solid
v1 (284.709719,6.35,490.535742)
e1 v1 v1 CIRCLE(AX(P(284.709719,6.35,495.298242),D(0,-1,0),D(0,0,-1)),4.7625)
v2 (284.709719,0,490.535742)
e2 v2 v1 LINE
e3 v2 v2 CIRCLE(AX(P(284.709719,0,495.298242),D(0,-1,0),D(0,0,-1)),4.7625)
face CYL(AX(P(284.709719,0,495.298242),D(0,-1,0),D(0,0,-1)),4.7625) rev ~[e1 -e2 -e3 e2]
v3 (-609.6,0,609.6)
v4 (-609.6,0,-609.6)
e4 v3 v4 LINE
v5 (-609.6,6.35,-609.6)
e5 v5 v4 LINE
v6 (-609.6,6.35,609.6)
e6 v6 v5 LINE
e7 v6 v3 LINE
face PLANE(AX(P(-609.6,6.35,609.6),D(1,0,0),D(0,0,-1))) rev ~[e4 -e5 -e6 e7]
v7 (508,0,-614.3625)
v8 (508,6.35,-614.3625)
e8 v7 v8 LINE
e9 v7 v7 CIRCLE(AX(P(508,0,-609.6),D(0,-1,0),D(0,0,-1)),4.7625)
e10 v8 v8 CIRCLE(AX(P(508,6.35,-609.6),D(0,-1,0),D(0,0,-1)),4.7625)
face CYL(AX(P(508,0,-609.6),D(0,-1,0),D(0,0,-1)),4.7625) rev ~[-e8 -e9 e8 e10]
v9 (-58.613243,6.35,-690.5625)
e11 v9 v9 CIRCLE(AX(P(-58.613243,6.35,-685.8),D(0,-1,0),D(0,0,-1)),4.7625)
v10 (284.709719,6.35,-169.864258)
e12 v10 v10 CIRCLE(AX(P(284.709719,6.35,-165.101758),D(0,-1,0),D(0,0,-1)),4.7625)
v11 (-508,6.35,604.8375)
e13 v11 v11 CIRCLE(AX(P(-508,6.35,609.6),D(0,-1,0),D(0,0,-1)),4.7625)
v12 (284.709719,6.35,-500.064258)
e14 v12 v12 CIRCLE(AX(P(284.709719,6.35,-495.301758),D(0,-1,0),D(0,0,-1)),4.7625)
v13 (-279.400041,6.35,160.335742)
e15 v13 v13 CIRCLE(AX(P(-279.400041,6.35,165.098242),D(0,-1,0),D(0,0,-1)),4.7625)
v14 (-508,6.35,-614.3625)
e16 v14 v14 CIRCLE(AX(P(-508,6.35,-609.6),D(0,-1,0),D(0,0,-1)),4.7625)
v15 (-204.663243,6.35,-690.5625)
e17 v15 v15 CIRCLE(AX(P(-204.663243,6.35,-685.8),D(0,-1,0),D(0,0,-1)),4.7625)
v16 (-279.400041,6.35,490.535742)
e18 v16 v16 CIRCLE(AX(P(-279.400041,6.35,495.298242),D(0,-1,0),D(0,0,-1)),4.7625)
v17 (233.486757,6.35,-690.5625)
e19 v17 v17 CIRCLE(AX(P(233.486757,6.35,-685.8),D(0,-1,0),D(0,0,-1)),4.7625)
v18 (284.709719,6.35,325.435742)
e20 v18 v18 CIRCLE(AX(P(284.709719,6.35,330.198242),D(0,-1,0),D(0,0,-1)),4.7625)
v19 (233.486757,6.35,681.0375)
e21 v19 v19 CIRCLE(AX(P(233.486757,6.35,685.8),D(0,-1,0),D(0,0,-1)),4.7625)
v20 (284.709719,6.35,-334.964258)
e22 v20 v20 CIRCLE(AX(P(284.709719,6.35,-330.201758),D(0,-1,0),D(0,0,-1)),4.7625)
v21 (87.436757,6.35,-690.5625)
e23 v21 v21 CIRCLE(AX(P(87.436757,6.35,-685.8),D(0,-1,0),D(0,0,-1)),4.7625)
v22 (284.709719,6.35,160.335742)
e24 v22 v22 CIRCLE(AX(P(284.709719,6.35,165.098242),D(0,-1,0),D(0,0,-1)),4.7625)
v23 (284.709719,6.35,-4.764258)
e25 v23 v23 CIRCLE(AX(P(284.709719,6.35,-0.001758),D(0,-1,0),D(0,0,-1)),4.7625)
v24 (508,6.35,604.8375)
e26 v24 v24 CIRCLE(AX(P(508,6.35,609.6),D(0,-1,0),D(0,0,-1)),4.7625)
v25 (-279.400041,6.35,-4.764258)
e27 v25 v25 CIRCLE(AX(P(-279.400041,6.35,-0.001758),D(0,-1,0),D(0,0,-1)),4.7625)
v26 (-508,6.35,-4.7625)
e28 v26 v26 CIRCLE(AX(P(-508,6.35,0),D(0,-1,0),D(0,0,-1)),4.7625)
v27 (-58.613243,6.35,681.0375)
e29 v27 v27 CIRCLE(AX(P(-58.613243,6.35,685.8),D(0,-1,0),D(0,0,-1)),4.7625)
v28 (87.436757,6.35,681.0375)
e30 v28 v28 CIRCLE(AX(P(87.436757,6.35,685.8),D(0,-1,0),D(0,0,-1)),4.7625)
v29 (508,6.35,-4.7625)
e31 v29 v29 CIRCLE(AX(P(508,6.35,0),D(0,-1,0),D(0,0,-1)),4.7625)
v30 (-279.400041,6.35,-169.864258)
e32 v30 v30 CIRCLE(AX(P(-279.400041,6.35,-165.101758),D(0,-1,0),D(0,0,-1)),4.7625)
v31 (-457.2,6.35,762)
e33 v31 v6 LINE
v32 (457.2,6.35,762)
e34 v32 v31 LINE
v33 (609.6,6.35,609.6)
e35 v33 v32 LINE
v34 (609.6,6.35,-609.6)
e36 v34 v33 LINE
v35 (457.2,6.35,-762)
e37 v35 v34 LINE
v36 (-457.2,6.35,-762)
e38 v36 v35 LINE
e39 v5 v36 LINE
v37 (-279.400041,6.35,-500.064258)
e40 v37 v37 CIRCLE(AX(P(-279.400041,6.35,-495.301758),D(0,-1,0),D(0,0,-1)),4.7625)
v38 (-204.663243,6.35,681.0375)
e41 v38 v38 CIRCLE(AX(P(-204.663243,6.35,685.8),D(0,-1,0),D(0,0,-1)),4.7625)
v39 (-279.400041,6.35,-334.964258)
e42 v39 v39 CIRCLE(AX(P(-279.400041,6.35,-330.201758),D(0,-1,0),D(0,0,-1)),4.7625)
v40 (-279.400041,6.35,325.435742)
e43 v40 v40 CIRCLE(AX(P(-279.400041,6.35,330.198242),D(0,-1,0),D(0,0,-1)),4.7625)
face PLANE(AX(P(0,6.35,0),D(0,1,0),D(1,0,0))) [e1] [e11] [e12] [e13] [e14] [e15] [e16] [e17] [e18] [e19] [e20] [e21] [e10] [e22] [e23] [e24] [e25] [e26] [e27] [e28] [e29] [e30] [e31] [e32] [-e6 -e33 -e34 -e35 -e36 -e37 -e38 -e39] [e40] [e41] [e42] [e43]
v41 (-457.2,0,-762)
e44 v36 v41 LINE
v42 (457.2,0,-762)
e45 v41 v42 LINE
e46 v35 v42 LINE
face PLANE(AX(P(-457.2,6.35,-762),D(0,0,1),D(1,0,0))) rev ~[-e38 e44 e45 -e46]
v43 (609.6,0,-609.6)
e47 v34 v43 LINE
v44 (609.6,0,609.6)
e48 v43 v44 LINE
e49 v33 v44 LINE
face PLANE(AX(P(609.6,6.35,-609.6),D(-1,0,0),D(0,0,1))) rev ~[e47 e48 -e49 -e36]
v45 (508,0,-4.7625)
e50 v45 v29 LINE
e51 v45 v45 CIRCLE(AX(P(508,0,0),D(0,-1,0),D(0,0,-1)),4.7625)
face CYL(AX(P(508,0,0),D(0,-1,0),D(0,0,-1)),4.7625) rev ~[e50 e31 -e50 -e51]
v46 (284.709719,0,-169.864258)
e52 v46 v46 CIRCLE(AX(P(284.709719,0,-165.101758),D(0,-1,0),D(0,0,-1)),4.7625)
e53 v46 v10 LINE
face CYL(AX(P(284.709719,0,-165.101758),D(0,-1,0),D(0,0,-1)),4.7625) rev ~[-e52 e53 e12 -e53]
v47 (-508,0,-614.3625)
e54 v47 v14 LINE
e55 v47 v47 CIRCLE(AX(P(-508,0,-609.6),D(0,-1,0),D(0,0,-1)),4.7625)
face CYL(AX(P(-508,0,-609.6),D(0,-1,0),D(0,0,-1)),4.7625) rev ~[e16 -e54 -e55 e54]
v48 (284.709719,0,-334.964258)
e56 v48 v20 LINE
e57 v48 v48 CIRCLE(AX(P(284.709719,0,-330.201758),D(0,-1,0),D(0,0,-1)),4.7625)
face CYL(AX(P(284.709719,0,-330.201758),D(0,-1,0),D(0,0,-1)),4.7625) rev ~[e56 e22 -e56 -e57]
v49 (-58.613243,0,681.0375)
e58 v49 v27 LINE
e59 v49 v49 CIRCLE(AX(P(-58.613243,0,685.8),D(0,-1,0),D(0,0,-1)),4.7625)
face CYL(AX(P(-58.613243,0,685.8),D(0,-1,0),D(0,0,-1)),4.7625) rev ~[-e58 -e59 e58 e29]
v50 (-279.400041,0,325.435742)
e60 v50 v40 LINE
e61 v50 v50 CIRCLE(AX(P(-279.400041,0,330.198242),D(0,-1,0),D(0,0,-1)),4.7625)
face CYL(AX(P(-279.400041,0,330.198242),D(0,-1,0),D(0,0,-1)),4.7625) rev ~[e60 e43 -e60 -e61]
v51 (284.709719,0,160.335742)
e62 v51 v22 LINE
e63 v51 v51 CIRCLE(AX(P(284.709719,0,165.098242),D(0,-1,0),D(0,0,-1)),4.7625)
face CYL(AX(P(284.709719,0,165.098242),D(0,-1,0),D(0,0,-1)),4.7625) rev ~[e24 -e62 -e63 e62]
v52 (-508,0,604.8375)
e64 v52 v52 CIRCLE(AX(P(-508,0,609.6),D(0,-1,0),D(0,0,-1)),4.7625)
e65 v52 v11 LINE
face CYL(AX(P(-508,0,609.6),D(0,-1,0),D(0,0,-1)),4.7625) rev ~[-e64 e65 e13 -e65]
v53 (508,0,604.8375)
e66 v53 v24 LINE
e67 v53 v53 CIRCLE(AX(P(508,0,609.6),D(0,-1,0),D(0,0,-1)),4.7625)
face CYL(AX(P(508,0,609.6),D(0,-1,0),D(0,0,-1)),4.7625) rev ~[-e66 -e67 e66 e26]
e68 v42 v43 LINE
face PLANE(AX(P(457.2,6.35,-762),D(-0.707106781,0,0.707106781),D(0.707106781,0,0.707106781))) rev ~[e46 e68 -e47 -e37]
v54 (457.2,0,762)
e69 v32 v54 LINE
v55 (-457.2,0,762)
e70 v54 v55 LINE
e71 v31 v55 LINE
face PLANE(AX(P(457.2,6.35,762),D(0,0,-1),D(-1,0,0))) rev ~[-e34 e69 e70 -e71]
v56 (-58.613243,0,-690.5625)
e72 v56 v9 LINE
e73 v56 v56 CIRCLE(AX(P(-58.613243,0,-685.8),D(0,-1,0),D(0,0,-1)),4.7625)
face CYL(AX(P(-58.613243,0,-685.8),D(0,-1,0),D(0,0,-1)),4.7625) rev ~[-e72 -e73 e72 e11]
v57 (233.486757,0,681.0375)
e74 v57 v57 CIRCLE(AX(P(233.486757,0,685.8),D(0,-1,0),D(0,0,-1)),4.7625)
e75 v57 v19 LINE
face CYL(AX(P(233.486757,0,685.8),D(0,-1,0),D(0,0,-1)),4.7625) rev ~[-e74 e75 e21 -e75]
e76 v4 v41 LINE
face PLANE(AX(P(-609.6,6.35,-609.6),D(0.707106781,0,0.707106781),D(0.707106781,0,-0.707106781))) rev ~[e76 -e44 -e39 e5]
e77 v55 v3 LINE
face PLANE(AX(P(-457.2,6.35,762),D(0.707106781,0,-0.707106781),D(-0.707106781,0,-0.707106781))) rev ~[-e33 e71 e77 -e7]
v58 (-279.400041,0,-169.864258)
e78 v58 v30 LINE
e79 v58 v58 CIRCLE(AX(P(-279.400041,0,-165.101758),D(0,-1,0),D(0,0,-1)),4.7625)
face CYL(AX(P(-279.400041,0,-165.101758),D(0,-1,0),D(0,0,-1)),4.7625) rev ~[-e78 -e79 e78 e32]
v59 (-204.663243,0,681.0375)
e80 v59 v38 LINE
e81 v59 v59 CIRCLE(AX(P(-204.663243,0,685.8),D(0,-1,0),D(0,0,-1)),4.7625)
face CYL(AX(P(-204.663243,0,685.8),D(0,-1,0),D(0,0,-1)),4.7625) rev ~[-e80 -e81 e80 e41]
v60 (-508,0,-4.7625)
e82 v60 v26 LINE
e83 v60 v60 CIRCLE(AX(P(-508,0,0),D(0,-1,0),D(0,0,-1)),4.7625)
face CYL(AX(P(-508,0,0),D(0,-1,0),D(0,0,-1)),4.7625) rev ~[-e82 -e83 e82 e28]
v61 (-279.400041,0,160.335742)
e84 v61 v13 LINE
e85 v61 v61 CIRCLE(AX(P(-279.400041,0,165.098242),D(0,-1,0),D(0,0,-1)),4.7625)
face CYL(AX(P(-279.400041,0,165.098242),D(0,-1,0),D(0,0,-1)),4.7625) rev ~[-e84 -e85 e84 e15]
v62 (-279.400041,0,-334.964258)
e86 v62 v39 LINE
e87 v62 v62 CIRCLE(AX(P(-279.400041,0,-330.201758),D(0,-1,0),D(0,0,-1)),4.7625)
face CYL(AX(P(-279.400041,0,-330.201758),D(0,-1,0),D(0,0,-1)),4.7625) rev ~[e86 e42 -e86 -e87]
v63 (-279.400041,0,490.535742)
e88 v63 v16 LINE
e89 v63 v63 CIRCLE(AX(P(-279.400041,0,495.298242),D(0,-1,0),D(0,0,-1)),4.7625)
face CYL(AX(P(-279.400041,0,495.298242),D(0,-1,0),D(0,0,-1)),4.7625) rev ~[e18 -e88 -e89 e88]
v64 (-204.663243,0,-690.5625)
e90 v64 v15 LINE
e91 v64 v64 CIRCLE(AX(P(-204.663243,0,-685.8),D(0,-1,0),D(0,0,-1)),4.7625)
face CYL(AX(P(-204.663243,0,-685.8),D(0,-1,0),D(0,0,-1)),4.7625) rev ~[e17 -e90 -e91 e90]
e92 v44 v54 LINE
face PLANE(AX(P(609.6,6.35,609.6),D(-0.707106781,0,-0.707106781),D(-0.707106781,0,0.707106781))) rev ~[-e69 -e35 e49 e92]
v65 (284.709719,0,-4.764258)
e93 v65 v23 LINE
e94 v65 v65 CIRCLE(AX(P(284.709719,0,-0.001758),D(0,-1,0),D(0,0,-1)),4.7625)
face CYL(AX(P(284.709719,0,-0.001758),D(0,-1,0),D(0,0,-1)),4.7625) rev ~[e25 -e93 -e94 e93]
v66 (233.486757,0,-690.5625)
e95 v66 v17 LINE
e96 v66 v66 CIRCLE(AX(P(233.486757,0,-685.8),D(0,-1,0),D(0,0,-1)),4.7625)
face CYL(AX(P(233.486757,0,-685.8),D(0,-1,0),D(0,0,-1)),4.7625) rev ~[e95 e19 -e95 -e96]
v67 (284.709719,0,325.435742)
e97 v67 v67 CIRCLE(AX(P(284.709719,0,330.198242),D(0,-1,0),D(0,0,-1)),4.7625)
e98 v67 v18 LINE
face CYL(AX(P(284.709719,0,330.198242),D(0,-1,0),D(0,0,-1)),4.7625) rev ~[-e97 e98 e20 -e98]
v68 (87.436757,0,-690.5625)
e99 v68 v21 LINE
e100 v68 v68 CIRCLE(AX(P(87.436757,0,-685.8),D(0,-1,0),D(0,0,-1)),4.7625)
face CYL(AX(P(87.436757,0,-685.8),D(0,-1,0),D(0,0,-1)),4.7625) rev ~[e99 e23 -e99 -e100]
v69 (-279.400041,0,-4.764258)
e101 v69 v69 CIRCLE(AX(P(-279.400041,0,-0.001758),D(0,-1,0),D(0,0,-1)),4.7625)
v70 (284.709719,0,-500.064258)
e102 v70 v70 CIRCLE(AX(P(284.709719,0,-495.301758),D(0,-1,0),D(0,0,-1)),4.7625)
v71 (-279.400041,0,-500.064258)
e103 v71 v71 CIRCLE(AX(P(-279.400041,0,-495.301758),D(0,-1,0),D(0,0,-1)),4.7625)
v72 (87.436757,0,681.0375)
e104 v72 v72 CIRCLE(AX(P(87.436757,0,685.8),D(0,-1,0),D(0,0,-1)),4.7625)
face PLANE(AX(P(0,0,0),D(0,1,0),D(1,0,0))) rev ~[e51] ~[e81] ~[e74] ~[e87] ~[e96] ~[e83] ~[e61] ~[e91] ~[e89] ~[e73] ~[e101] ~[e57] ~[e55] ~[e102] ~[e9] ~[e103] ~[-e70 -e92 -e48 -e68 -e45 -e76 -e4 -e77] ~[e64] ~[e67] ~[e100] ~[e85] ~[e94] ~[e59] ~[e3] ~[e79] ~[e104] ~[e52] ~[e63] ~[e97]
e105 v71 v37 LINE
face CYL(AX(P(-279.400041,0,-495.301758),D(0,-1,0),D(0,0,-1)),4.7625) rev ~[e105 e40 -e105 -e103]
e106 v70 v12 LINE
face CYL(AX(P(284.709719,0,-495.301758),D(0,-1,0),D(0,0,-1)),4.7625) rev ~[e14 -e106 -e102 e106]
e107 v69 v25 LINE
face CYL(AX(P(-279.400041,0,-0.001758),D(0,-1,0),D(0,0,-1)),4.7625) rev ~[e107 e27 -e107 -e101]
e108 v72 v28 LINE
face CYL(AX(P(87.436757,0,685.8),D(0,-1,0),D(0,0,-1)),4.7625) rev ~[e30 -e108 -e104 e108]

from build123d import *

# Parameters (mm, degrees)
SKETCH1_W               = 1219.2
SKETCH1_H               = 1524
BOSS_EXTRUDE1_DEPTH     = 6.35
SKETCH20_R              = 1360.3436129
SKETCH20_R_2            = 1357.8036129
CUT_EXTRUDE_THIN2_DEPTH = 6.35
SKETCH24_R              = 4.7625
CUT_EXTRUDE13_DEPTH     = 976.856794053


with BuildPart() as part:
    # Sketch1 → Boss-Extrude1 (new body)
    with BuildSketch(Plane(origin=(0, 0, 0), x_dir=(1, 0, 0), z_dir=(0, 1, 0))):
        Rectangle(SKETCH1_W, SKETCH1_H)
    extrude(amount=BOSS_EXTRUDE1_DEPTH)

    # Sketch20 → Cut-Extrude-Thin2 (cut)
    with BuildSketch(Plane(origin=(0, 6.35, 0), x_dir=(1, 0, 0), z_dir=(0, 1, 0))):
        Circle(SKETCH20_R)
        Circle(SKETCH20_R_2, mode=Mode.SUBTRACT)
        Polygon((612.14, -610.652102448), (458.252102448, -764.54), (0, -764.54), (-458.252102448, -764.54), (-612.14, -610.652102448), (-612.14, 610.652102448), (-458.252102448, 764.54), (0, 764.54), (458.252102448, 764.54), (612.14, 610.652102448), align=None)
        Polygon((609.6, -609.6), (457.2, -762), (0, -762), (-457.2, -762), (-609.6, -609.6), (-609.6, 609.6), (-457.2, 762), (0, 762), (457.2, 762), (609.6, 609.6), align=None, mode=Mode.SUBTRACT)
    extrude(amount=-CUT_EXTRUDE_THIN2_DEPTH, mode=Mode.SUBTRACT)


with BuildPart() as cut_extrude_thin2_kept_piece:
    # of the separate pieces the step leaves, the one the design keeps (cut_extrude_thin2_pieces_kept)
    add(part.part.solids().sort_by_distance((457.2, 6.35, -762))[0])

    # Sketch24 → Cut-Extrude13 (cut, through all)
    with BuildSketch(Plane.XZ):
        with Locations(Location((-279.400040578, -0.001758284, 0), (0, 0, 270))):
            Circle(SKETCH24_R)
        with Locations(Location((-279.400040578, 165.098241716, 0), (0, 0, 270))):
            Circle(SKETCH24_R)
        with Locations(Location((-279.400040578, 330.198241716, 0), (0, 0, 270))):
            Circle(SKETCH24_R)
        with Locations(Location((-279.400040578, 495.298241716, 0), (0, 0, 270))):
            Circle(SKETCH24_R)
        with Locations(Location((87.436757408, 685.8, 0), (0, 0, 270))):
            Circle(SKETCH24_R)
        with Locations(Location((233.486757408, 685.8, 0), (0, 0, 270))):
            Circle(SKETCH24_R)
        with Locations(Location((284.709719006, 495.298241716, 0), (0, 0, 270))):
            Circle(SKETCH24_R)
        with Locations(Location((284.709719006, 330.198241716, 0), (0, 0, 270))):
            Circle(SKETCH24_R)
        with Locations(Location((284.709719006, 165.098241716, 0), (0, 0, 270))):
            Circle(SKETCH24_R)
        with Locations(Location((284.709719006, -0.001758284, 0), (0, 0, 270))):
            Circle(SKETCH24_R)
        with Locations(Location((284.709719006, -165.101758284, 0), (0, 0, 270))):
            Circle(SKETCH24_R)
        with Locations(Location((284.709719006, -330.201758284, 0), (0, 0, 270))):
            Circle(SKETCH24_R)
        with Locations(Location((284.709719006, -495.301758284, 0), (0, 0, 270))):
            Circle(SKETCH24_R)
        with Locations(Location((233.486757408, -685.8, 0), (0, 0, 270))):
            Circle(SKETCH24_R)
        with Locations(Location((87.436757408, -685.8, 0), (0, 0, 270))):
            Circle(SKETCH24_R)
        with Locations(Location((-58.613242592, -685.8, 0), (0, 0, 270))):
            Circle(SKETCH24_R)
        with Locations(Location((-204.663242592, -685.8, 0), (0, 0, 270))):
            Circle(SKETCH24_R)
        with Locations(Location((-279.400040578, -495.301758284, 0), (0, 0, 270))):
            Circle(SKETCH24_R)
        with Locations(Location((-279.400040578, -330.201758284, 0), (0, 0, 270))):
            Circle(SKETCH24_R)
        with Locations(Location((-279.400040578, -165.101758284, 0), (0, 0, 270))):
            Circle(SKETCH24_R)
        with Locations(Location((508, -609.6, 0), (0, 0, 270))):
            Circle(SKETCH24_R)
        with Locations(Location((508, 609.6, 0), (0, 0, 270))):
            Circle(SKETCH24_R)
        with Locations(Location((-508, -609.6, 0), (0, 0, 270))):
            Circle(SKETCH24_R)
        with Locations(Location((-508, 609.6, 0), (0, 0, 270))):
            Circle(SKETCH24_R)
        with Locations(Location((-204.663242592, 685.8, 0), (0, 0, 270))):
            Circle(SKETCH24_R)
        with Locations(Location((-58.613242592, 685.8, 0), (0, 0, 270))):
            Circle(SKETCH24_R)
        with Locations(Location((-508, 0, 0), (0, 0, 270))):
            Circle(SKETCH24_R)
        with Locations(Location((508, 0, 0), (0, 0, 270))):
            Circle(SKETCH24_R)
    extrude(amount=-CUT_EXTRUDE13_DEPTH, mode=Mode.SUBTRACT)


solid = cut_extrude_thin2_kept_piece.part
